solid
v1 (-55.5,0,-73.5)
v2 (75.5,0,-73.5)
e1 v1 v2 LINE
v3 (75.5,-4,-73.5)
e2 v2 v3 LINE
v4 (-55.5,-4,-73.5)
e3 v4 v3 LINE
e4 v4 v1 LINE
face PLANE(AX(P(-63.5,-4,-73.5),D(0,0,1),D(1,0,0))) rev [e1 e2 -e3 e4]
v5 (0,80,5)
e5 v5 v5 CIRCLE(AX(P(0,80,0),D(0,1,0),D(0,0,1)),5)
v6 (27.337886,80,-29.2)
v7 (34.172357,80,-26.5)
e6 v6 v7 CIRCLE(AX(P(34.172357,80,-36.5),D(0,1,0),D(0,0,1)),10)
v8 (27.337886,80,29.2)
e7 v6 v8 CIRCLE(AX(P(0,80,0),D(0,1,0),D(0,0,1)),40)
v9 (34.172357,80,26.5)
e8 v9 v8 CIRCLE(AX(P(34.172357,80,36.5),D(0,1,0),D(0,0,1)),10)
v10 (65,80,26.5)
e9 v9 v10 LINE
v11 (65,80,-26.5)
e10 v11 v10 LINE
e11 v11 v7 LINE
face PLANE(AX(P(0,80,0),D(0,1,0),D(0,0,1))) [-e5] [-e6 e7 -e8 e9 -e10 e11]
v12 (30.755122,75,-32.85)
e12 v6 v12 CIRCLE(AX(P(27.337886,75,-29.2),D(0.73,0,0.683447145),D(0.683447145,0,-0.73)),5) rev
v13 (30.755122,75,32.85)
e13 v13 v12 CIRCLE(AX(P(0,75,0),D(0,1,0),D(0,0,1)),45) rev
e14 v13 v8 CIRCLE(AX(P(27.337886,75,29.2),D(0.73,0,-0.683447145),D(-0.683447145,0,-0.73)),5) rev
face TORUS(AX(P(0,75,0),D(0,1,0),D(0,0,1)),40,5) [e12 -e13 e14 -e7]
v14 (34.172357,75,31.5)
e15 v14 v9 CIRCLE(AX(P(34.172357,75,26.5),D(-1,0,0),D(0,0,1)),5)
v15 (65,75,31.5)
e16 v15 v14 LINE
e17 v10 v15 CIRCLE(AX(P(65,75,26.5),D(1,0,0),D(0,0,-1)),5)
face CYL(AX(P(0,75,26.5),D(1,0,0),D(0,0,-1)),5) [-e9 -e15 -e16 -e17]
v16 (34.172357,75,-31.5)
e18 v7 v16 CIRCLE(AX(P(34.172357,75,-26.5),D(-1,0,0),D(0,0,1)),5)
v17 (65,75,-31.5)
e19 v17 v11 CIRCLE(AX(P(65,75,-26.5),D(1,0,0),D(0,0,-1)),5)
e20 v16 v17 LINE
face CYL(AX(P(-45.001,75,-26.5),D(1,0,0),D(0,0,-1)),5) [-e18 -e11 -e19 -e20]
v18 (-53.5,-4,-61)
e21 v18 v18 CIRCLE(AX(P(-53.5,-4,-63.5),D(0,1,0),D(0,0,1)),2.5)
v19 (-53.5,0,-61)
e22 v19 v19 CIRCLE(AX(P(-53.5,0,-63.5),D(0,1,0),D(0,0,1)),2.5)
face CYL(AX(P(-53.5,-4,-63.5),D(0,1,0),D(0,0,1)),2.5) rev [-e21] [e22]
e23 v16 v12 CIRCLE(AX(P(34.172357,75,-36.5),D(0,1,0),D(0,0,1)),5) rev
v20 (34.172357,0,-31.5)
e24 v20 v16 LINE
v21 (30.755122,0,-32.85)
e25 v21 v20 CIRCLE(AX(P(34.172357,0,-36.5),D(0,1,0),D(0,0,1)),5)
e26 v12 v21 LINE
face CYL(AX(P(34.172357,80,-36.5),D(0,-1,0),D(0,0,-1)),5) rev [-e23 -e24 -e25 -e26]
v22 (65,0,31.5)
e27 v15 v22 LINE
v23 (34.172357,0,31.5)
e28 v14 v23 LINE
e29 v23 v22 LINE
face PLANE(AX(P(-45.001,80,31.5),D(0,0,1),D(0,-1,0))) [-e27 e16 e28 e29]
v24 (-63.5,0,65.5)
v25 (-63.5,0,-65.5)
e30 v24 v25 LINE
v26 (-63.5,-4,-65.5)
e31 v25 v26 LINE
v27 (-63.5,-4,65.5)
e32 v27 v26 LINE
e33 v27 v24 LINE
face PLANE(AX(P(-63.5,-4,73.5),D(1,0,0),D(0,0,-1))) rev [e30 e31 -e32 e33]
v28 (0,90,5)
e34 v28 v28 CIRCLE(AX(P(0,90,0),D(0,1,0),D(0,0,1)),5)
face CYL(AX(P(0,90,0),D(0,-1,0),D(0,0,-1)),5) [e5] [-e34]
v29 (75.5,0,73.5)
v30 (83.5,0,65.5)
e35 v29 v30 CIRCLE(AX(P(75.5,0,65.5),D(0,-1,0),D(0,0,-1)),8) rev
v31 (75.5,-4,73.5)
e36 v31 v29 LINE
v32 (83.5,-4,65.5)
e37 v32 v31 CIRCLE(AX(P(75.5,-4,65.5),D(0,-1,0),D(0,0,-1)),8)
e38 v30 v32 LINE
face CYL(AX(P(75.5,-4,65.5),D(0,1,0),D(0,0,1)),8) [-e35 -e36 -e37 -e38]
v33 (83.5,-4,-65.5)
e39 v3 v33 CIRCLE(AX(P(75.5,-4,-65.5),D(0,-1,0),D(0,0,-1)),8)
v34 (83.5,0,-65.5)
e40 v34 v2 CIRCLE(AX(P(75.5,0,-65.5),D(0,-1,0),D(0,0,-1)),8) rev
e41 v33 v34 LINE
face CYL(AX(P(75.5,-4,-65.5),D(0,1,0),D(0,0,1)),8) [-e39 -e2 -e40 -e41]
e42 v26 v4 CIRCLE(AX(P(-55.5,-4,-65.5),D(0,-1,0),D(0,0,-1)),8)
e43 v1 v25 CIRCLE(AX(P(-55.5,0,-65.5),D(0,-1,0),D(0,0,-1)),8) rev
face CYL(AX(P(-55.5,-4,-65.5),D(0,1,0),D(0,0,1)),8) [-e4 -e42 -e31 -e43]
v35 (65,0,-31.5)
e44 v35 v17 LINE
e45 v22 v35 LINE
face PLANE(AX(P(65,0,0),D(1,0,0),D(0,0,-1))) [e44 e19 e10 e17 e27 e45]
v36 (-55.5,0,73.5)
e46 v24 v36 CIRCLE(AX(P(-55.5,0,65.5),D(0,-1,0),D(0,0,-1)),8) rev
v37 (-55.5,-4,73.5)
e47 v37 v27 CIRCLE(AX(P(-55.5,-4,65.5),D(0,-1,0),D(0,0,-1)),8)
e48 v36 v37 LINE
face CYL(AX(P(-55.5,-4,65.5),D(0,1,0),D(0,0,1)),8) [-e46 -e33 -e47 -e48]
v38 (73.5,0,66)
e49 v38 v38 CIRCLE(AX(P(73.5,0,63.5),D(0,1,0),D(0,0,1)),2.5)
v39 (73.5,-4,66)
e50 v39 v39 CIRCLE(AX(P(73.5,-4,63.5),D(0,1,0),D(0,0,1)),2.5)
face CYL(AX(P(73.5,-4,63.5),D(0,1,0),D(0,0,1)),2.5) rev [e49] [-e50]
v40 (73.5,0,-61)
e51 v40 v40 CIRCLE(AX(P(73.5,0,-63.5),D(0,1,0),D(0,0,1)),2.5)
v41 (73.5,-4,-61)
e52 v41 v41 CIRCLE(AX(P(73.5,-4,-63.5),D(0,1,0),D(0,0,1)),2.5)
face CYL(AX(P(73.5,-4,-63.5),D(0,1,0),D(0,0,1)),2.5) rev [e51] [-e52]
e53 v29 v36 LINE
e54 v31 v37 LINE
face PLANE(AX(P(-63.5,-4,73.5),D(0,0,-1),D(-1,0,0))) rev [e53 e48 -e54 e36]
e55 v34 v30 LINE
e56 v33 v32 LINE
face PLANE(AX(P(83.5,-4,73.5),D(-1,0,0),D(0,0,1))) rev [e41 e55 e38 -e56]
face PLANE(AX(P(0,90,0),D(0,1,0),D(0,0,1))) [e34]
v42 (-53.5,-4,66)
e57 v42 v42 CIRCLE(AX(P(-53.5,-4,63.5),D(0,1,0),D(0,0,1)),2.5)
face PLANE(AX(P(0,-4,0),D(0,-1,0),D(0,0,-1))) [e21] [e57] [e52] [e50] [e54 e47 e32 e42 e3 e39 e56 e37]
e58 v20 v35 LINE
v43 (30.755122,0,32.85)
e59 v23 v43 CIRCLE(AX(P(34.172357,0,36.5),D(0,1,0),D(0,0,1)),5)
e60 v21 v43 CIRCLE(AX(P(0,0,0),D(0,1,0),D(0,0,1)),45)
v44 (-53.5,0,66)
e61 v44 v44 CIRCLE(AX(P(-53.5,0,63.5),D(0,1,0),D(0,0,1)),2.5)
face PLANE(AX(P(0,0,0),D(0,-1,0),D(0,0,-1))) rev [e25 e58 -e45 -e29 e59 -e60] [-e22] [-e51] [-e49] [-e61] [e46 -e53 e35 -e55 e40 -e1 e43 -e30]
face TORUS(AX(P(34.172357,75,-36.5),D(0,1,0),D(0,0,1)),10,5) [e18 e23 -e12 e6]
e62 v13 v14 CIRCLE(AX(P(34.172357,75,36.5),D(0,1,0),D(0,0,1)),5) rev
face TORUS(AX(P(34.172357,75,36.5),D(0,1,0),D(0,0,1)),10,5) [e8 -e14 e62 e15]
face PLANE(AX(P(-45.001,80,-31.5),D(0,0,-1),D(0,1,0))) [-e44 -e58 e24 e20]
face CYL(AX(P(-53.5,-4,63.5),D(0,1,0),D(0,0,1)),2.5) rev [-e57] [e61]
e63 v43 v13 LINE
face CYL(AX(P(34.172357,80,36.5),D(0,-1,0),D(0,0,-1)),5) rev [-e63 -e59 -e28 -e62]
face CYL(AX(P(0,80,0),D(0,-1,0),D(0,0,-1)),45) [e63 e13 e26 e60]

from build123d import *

# Parameters (mm, degrees)
SKETCH1_R           = 45
BOSS_EXTRUDE1_DEPTH = 80
BOSS_EXTRUDE2_REACH = 112
SKETCH2_W           = 63
SKETCH2_H           = 80
FILLET1_R           = 5
SKETCH3_R           = 5
BOSS_EXTRUDE3_DEPTH = 10
SKETCH4_W           = 147
SKETCH4_H           = 147
BOSS_EXTRUDE4_DEPTH = 4
SKETCH5_R           = 2.5
CUT_EXTRUDE1_DEPTH  = 5
FILLET2_R           = 8


with BuildPart() as part:
    # Sketch1 → Boss-Extrude1 (new body)
    with BuildSketch(Plane(origin=(0, 0, 0), x_dir=(1, 0, 0), z_dir=(0, 1, 0))):
        Circle(SKETCH1_R)
    extrude(amount=BOSS_EXTRUDE1_DEPTH)

    # Sketch2 → Boss-Extrude2 (add, up to next)
    with BuildSketch(Plane(origin=(65, 0, 0), x_dir=(0, 0, -1), z_dir=(1, 0, 0)), mode=Mode.PRIVATE) as boss_extrude2_sk1:
        with Locations((0, 40)):
            Rectangle(SKETCH2_W, SKETCH2_H)
    boss_extrude2_tool1 = extrude(boss_extrude2_sk1.sketch, amount=-BOSS_EXTRUDE2_REACH, mode=Mode.PRIVATE) - part.part
    add(boss_extrude2_tool1.solids().sort_by_distance((65, 40, 0))[0])

    # Fillet1
    fillet1_edges = [part.edges().sort_by_distance(p)[0] for p in [
        (-45, 80, 0),
        (32.136427928, 40, -31.5),
        (48.568213964, 80, -31.5),
        (48.568213964, 80, 31.5),
        (32.136427928, 40, 31.5),
    ]]
    fillet(fillet1_edges, radius=FILLET1_R)

    # Sketch3 → Boss-Extrude3 (add)
    with BuildSketch(Plane(origin=(0, 80, 0), x_dir=(1, 0, 0), z_dir=(0, 1, 0))):
        Circle(SKETCH3_R)
    extrude(amount=BOSS_EXTRUDE3_DEPTH)

    # Sketch4 → Boss-Extrude4 (add)
    with BuildSketch(Plane.XZ):
        with Locations((10, 0)):
            Rectangle(SKETCH4_W, SKETCH4_H)
    extrude(amount=BOSS_EXTRUDE4_DEPTH)

    # Sketch5 → Cut-Extrude1 (cut, through all)
    with BuildSketch(Plane(origin=(0, 0, 0), x_dir=(1, 0, 0), z_dir=(0, 1, 0))):
        with Locations((-53.5, 63.5)):
            Circle(SKETCH5_R)
        with Locations((73.5, 63.5)):
            Circle(SKETCH5_R)
        with Locations((-53.5, -63.5)):
            Circle(SKETCH5_R)
        with Locations((73.5, -63.5)):
            Circle(SKETCH5_R)
    extrude(amount=-CUT_EXTRUDE1_DEPTH, mode=Mode.SUBTRACT)

    # Fillet2
    fillet2_edges = [part.edges().sort_by_distance(p)[0] for p in [
        (-63.5, -2, 73.5),
        (-63.5, -2, -73.5),
        (83.5, -2, -73.5),
        (83.5, -2, 73.5),
    ]]
    fillet(fillet2_edges, radius=FILLET2_R)


solid = part.part
